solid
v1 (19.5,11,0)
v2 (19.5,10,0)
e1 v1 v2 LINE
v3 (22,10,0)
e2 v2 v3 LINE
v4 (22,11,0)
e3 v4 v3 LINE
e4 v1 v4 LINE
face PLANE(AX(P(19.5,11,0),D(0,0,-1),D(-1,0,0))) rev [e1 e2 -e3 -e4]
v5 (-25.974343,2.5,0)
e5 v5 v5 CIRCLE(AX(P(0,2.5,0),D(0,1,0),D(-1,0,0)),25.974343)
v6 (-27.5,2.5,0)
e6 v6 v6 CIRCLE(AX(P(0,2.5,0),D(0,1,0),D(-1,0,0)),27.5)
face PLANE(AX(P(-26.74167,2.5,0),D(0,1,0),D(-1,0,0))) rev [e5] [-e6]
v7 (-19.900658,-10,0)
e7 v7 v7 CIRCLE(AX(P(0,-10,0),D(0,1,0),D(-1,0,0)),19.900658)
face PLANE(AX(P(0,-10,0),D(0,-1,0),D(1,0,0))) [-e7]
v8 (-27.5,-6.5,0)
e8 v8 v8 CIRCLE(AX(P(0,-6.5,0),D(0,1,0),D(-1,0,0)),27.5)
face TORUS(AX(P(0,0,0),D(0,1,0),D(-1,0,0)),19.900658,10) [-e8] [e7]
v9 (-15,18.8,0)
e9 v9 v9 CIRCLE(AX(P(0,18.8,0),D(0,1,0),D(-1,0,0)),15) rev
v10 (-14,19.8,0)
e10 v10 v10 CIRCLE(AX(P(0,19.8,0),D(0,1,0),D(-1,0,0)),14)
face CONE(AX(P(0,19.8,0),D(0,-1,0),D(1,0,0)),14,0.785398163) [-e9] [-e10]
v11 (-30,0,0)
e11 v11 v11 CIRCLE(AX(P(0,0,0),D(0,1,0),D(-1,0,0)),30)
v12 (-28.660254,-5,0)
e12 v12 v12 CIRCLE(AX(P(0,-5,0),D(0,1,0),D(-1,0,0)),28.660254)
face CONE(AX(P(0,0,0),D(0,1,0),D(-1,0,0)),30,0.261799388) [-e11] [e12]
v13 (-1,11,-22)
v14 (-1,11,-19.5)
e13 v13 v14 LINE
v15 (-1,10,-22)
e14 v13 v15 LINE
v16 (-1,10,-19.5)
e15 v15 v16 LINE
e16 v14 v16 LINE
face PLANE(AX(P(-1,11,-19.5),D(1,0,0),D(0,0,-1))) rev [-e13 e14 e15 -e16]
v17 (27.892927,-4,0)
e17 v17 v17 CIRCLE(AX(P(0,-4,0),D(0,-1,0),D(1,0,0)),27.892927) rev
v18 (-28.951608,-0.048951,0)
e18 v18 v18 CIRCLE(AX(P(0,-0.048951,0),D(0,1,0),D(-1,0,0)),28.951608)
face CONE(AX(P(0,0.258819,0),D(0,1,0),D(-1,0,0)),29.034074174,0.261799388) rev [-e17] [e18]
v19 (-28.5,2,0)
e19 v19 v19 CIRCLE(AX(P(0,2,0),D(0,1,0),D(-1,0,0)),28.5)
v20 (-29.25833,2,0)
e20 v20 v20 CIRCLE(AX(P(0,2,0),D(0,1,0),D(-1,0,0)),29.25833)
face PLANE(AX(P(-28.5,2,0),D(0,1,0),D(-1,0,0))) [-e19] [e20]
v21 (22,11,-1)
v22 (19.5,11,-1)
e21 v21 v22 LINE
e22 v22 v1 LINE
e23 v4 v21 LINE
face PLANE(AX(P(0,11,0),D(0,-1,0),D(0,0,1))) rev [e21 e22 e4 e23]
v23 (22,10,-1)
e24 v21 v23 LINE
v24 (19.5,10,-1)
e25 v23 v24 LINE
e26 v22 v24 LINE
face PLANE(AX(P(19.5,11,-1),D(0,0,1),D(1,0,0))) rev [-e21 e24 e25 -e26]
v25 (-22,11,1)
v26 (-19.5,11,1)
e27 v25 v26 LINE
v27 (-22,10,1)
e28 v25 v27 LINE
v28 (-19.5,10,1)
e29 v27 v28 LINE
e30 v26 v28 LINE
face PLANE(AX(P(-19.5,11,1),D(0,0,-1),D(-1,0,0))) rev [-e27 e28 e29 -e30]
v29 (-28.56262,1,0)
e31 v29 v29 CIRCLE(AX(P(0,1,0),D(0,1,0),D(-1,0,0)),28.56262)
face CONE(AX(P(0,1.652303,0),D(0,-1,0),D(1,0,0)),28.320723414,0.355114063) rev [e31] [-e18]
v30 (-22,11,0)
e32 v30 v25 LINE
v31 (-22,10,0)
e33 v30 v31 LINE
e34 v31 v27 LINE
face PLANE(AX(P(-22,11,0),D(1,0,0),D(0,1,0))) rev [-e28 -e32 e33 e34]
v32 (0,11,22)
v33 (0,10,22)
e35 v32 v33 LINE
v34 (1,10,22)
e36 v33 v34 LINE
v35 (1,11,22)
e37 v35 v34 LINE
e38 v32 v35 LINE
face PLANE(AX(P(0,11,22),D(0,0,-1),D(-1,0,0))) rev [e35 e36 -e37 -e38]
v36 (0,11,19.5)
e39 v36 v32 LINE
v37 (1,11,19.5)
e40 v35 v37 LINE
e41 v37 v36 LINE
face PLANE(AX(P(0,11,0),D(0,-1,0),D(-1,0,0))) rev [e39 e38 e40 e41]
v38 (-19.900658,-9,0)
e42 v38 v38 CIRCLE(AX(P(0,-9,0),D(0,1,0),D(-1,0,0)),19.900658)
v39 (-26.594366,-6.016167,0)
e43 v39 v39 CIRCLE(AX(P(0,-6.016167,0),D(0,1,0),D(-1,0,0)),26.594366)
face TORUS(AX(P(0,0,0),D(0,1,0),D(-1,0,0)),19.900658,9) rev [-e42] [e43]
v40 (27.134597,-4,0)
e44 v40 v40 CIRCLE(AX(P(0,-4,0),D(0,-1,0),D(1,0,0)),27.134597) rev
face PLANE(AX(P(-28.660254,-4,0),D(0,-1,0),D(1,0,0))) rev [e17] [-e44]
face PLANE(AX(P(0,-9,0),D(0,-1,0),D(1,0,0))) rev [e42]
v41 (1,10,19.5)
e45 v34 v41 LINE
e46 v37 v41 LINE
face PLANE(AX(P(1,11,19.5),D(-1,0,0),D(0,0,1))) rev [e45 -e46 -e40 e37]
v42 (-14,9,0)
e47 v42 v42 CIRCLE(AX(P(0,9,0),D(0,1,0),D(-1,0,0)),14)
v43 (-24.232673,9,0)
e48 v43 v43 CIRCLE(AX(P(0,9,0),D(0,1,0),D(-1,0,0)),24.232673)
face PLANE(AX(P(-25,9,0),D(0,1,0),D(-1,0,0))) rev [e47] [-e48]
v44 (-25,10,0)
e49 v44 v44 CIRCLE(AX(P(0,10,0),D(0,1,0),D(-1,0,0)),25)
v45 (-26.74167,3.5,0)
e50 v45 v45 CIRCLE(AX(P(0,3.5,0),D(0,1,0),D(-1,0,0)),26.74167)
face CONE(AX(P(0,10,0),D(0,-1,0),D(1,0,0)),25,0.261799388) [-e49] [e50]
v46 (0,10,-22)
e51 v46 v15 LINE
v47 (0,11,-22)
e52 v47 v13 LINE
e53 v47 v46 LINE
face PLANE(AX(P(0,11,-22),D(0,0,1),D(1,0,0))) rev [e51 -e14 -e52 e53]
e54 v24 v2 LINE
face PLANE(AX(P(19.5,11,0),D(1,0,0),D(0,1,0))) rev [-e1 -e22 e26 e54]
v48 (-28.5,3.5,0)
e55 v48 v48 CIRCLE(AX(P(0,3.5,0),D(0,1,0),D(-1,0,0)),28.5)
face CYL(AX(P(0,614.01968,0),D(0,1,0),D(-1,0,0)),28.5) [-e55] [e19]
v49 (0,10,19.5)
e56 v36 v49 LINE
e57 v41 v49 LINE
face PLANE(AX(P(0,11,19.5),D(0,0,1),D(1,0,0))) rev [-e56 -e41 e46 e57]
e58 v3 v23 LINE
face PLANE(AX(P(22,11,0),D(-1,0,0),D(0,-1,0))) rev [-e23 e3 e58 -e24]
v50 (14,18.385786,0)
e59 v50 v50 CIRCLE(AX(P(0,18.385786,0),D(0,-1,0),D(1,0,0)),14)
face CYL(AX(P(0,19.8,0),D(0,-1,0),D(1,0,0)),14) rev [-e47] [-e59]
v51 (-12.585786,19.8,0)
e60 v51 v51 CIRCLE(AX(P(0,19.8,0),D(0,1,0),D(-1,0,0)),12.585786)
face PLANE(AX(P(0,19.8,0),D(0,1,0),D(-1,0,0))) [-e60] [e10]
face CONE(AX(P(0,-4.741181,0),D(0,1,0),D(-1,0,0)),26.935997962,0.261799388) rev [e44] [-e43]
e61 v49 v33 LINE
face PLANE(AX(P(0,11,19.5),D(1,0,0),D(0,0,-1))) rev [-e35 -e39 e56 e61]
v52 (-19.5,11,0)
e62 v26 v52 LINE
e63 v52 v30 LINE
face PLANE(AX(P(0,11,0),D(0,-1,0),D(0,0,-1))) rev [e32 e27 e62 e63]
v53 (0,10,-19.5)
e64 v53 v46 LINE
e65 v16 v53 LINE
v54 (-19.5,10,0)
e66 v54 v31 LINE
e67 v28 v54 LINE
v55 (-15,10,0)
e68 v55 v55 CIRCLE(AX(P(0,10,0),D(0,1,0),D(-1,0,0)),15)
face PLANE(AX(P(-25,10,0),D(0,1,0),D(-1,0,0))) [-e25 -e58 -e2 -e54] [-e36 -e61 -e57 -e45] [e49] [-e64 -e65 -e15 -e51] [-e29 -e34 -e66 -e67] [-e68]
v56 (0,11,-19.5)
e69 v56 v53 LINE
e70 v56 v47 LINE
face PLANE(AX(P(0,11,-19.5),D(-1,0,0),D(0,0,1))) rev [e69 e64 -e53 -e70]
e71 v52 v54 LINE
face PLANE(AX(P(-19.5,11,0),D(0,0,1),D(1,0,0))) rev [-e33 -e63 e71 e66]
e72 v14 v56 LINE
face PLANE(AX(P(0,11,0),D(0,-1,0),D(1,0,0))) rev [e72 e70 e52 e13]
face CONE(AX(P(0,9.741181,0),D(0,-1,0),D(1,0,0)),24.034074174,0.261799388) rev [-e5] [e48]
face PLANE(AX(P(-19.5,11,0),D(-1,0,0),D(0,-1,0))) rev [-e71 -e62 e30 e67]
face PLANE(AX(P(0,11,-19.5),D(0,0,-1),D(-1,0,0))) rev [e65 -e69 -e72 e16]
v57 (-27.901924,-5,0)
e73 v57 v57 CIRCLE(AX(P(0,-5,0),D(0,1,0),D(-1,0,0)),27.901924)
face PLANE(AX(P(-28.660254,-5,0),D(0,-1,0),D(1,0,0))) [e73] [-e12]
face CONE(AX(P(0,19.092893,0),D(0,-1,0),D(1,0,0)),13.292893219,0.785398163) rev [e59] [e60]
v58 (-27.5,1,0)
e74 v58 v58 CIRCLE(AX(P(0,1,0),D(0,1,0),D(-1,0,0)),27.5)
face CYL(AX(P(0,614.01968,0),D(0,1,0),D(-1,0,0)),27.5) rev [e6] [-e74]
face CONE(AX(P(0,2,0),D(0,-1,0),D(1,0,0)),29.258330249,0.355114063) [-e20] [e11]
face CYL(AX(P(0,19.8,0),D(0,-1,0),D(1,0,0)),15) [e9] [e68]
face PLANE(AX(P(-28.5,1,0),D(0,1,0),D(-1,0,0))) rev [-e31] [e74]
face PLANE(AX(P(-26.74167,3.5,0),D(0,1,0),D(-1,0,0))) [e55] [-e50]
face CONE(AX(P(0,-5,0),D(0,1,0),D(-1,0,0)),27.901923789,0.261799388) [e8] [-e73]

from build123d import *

# Parameters (mm, degrees)
SKETCH2_R           = 15
BOSS_EXTRUDE1_DEPTH = 9.8
CHAMFER1_SIZE       = 1
SHELL1_T            = -1
SKETCH7_W           = 2.5
SKETCH7_H           = 1
BOSS_EXTRUDE5_DEPTH = 1
CIRPATTERN1_COUNT   = 4


with BuildPart() as part:
    # Sketch1 → Revolve2 (revolve)
    with BuildSketch(Plane.XY):
        with BuildLine():
            Line((-25, 10), (-26.741669751, 3.5))
            Line((-26.741669751, 3.5), (-28.5, 3.5))
            Line((-28.5, 3.5), (-28.5, 2))
            Line((-28.5, 2), (-29.258330249, 2))
            Line((-29.258330249, 2), (-30, 0))
            Line((-30, 0), (-28.660254038, -5))
            Line((-28.660254038, -5), (-27.901923789, -5))
            Line((-27.901923789, -5), (-27.5, -6.5))
            ThreePointArc((-27.5, -6.5), (-24.083958056, -9.082951062), (-19.900657923, -10))
            Line((-19.900657923, -10), (0, -10))
            Line((0, -10), (0, 10))
            Line((0, 10), (-25, 10))
        make_face()
    revolve(axis=Axis((0, 614.019679743, 0), (0, -1, 0)))

    # Sketch2 → Boss-Extrude1 (add)
    with BuildSketch(Plane(origin=(0, 10, 0), x_dir=(1, 0, 0), z_dir=(0, 1, 0))):
        with Locations(Location((0, 0, 0), (0, 0, 180))):
            Circle(SKETCH2_R)
    extrude(amount=BOSS_EXTRUDE1_DEPTH)

    # Chamfer1
    chamfer1_edges = [part.edges().sort_by_distance(p)[0] for p in [
        (15, 19.8, 0),
    ]]
    chamfer(chamfer1_edges, length=CHAMFER1_SIZE)

    # Shell1
    shell1_openings = [part.faces().sort_by_distance(p)[0] for p in [
        (0, 19.8, 0),
    ]]
    offset(amount=SHELL1_T, openings=shell1_openings, kind=Kind.INTERSECTION)

    # Sketch7 → Boss-Extrude5 (add)
    with BuildSketch(Plane(origin=(0, 10, 0), x_dir=(1, 0, 0), z_dir=(0, 1, 0))):
        with Locations((-20.75, -0.5)):
            Rectangle(SKETCH7_W, SKETCH7_H)
    boss_extrude5 = extrude(amount=BOSS_EXTRUDE5_DEPTH)

    # CirPattern1: Boss-Extrude5 ×4 about axis
    cirpattern1_axis = Axis((0, 0, 0), (0, 1, 0))
    for i in range(1, CIRPATTERN1_COUNT):
        add(boss_extrude5.rotate(cirpattern1_axis, i * 360 / CIRPATTERN1_COUNT))


solid = part.part
